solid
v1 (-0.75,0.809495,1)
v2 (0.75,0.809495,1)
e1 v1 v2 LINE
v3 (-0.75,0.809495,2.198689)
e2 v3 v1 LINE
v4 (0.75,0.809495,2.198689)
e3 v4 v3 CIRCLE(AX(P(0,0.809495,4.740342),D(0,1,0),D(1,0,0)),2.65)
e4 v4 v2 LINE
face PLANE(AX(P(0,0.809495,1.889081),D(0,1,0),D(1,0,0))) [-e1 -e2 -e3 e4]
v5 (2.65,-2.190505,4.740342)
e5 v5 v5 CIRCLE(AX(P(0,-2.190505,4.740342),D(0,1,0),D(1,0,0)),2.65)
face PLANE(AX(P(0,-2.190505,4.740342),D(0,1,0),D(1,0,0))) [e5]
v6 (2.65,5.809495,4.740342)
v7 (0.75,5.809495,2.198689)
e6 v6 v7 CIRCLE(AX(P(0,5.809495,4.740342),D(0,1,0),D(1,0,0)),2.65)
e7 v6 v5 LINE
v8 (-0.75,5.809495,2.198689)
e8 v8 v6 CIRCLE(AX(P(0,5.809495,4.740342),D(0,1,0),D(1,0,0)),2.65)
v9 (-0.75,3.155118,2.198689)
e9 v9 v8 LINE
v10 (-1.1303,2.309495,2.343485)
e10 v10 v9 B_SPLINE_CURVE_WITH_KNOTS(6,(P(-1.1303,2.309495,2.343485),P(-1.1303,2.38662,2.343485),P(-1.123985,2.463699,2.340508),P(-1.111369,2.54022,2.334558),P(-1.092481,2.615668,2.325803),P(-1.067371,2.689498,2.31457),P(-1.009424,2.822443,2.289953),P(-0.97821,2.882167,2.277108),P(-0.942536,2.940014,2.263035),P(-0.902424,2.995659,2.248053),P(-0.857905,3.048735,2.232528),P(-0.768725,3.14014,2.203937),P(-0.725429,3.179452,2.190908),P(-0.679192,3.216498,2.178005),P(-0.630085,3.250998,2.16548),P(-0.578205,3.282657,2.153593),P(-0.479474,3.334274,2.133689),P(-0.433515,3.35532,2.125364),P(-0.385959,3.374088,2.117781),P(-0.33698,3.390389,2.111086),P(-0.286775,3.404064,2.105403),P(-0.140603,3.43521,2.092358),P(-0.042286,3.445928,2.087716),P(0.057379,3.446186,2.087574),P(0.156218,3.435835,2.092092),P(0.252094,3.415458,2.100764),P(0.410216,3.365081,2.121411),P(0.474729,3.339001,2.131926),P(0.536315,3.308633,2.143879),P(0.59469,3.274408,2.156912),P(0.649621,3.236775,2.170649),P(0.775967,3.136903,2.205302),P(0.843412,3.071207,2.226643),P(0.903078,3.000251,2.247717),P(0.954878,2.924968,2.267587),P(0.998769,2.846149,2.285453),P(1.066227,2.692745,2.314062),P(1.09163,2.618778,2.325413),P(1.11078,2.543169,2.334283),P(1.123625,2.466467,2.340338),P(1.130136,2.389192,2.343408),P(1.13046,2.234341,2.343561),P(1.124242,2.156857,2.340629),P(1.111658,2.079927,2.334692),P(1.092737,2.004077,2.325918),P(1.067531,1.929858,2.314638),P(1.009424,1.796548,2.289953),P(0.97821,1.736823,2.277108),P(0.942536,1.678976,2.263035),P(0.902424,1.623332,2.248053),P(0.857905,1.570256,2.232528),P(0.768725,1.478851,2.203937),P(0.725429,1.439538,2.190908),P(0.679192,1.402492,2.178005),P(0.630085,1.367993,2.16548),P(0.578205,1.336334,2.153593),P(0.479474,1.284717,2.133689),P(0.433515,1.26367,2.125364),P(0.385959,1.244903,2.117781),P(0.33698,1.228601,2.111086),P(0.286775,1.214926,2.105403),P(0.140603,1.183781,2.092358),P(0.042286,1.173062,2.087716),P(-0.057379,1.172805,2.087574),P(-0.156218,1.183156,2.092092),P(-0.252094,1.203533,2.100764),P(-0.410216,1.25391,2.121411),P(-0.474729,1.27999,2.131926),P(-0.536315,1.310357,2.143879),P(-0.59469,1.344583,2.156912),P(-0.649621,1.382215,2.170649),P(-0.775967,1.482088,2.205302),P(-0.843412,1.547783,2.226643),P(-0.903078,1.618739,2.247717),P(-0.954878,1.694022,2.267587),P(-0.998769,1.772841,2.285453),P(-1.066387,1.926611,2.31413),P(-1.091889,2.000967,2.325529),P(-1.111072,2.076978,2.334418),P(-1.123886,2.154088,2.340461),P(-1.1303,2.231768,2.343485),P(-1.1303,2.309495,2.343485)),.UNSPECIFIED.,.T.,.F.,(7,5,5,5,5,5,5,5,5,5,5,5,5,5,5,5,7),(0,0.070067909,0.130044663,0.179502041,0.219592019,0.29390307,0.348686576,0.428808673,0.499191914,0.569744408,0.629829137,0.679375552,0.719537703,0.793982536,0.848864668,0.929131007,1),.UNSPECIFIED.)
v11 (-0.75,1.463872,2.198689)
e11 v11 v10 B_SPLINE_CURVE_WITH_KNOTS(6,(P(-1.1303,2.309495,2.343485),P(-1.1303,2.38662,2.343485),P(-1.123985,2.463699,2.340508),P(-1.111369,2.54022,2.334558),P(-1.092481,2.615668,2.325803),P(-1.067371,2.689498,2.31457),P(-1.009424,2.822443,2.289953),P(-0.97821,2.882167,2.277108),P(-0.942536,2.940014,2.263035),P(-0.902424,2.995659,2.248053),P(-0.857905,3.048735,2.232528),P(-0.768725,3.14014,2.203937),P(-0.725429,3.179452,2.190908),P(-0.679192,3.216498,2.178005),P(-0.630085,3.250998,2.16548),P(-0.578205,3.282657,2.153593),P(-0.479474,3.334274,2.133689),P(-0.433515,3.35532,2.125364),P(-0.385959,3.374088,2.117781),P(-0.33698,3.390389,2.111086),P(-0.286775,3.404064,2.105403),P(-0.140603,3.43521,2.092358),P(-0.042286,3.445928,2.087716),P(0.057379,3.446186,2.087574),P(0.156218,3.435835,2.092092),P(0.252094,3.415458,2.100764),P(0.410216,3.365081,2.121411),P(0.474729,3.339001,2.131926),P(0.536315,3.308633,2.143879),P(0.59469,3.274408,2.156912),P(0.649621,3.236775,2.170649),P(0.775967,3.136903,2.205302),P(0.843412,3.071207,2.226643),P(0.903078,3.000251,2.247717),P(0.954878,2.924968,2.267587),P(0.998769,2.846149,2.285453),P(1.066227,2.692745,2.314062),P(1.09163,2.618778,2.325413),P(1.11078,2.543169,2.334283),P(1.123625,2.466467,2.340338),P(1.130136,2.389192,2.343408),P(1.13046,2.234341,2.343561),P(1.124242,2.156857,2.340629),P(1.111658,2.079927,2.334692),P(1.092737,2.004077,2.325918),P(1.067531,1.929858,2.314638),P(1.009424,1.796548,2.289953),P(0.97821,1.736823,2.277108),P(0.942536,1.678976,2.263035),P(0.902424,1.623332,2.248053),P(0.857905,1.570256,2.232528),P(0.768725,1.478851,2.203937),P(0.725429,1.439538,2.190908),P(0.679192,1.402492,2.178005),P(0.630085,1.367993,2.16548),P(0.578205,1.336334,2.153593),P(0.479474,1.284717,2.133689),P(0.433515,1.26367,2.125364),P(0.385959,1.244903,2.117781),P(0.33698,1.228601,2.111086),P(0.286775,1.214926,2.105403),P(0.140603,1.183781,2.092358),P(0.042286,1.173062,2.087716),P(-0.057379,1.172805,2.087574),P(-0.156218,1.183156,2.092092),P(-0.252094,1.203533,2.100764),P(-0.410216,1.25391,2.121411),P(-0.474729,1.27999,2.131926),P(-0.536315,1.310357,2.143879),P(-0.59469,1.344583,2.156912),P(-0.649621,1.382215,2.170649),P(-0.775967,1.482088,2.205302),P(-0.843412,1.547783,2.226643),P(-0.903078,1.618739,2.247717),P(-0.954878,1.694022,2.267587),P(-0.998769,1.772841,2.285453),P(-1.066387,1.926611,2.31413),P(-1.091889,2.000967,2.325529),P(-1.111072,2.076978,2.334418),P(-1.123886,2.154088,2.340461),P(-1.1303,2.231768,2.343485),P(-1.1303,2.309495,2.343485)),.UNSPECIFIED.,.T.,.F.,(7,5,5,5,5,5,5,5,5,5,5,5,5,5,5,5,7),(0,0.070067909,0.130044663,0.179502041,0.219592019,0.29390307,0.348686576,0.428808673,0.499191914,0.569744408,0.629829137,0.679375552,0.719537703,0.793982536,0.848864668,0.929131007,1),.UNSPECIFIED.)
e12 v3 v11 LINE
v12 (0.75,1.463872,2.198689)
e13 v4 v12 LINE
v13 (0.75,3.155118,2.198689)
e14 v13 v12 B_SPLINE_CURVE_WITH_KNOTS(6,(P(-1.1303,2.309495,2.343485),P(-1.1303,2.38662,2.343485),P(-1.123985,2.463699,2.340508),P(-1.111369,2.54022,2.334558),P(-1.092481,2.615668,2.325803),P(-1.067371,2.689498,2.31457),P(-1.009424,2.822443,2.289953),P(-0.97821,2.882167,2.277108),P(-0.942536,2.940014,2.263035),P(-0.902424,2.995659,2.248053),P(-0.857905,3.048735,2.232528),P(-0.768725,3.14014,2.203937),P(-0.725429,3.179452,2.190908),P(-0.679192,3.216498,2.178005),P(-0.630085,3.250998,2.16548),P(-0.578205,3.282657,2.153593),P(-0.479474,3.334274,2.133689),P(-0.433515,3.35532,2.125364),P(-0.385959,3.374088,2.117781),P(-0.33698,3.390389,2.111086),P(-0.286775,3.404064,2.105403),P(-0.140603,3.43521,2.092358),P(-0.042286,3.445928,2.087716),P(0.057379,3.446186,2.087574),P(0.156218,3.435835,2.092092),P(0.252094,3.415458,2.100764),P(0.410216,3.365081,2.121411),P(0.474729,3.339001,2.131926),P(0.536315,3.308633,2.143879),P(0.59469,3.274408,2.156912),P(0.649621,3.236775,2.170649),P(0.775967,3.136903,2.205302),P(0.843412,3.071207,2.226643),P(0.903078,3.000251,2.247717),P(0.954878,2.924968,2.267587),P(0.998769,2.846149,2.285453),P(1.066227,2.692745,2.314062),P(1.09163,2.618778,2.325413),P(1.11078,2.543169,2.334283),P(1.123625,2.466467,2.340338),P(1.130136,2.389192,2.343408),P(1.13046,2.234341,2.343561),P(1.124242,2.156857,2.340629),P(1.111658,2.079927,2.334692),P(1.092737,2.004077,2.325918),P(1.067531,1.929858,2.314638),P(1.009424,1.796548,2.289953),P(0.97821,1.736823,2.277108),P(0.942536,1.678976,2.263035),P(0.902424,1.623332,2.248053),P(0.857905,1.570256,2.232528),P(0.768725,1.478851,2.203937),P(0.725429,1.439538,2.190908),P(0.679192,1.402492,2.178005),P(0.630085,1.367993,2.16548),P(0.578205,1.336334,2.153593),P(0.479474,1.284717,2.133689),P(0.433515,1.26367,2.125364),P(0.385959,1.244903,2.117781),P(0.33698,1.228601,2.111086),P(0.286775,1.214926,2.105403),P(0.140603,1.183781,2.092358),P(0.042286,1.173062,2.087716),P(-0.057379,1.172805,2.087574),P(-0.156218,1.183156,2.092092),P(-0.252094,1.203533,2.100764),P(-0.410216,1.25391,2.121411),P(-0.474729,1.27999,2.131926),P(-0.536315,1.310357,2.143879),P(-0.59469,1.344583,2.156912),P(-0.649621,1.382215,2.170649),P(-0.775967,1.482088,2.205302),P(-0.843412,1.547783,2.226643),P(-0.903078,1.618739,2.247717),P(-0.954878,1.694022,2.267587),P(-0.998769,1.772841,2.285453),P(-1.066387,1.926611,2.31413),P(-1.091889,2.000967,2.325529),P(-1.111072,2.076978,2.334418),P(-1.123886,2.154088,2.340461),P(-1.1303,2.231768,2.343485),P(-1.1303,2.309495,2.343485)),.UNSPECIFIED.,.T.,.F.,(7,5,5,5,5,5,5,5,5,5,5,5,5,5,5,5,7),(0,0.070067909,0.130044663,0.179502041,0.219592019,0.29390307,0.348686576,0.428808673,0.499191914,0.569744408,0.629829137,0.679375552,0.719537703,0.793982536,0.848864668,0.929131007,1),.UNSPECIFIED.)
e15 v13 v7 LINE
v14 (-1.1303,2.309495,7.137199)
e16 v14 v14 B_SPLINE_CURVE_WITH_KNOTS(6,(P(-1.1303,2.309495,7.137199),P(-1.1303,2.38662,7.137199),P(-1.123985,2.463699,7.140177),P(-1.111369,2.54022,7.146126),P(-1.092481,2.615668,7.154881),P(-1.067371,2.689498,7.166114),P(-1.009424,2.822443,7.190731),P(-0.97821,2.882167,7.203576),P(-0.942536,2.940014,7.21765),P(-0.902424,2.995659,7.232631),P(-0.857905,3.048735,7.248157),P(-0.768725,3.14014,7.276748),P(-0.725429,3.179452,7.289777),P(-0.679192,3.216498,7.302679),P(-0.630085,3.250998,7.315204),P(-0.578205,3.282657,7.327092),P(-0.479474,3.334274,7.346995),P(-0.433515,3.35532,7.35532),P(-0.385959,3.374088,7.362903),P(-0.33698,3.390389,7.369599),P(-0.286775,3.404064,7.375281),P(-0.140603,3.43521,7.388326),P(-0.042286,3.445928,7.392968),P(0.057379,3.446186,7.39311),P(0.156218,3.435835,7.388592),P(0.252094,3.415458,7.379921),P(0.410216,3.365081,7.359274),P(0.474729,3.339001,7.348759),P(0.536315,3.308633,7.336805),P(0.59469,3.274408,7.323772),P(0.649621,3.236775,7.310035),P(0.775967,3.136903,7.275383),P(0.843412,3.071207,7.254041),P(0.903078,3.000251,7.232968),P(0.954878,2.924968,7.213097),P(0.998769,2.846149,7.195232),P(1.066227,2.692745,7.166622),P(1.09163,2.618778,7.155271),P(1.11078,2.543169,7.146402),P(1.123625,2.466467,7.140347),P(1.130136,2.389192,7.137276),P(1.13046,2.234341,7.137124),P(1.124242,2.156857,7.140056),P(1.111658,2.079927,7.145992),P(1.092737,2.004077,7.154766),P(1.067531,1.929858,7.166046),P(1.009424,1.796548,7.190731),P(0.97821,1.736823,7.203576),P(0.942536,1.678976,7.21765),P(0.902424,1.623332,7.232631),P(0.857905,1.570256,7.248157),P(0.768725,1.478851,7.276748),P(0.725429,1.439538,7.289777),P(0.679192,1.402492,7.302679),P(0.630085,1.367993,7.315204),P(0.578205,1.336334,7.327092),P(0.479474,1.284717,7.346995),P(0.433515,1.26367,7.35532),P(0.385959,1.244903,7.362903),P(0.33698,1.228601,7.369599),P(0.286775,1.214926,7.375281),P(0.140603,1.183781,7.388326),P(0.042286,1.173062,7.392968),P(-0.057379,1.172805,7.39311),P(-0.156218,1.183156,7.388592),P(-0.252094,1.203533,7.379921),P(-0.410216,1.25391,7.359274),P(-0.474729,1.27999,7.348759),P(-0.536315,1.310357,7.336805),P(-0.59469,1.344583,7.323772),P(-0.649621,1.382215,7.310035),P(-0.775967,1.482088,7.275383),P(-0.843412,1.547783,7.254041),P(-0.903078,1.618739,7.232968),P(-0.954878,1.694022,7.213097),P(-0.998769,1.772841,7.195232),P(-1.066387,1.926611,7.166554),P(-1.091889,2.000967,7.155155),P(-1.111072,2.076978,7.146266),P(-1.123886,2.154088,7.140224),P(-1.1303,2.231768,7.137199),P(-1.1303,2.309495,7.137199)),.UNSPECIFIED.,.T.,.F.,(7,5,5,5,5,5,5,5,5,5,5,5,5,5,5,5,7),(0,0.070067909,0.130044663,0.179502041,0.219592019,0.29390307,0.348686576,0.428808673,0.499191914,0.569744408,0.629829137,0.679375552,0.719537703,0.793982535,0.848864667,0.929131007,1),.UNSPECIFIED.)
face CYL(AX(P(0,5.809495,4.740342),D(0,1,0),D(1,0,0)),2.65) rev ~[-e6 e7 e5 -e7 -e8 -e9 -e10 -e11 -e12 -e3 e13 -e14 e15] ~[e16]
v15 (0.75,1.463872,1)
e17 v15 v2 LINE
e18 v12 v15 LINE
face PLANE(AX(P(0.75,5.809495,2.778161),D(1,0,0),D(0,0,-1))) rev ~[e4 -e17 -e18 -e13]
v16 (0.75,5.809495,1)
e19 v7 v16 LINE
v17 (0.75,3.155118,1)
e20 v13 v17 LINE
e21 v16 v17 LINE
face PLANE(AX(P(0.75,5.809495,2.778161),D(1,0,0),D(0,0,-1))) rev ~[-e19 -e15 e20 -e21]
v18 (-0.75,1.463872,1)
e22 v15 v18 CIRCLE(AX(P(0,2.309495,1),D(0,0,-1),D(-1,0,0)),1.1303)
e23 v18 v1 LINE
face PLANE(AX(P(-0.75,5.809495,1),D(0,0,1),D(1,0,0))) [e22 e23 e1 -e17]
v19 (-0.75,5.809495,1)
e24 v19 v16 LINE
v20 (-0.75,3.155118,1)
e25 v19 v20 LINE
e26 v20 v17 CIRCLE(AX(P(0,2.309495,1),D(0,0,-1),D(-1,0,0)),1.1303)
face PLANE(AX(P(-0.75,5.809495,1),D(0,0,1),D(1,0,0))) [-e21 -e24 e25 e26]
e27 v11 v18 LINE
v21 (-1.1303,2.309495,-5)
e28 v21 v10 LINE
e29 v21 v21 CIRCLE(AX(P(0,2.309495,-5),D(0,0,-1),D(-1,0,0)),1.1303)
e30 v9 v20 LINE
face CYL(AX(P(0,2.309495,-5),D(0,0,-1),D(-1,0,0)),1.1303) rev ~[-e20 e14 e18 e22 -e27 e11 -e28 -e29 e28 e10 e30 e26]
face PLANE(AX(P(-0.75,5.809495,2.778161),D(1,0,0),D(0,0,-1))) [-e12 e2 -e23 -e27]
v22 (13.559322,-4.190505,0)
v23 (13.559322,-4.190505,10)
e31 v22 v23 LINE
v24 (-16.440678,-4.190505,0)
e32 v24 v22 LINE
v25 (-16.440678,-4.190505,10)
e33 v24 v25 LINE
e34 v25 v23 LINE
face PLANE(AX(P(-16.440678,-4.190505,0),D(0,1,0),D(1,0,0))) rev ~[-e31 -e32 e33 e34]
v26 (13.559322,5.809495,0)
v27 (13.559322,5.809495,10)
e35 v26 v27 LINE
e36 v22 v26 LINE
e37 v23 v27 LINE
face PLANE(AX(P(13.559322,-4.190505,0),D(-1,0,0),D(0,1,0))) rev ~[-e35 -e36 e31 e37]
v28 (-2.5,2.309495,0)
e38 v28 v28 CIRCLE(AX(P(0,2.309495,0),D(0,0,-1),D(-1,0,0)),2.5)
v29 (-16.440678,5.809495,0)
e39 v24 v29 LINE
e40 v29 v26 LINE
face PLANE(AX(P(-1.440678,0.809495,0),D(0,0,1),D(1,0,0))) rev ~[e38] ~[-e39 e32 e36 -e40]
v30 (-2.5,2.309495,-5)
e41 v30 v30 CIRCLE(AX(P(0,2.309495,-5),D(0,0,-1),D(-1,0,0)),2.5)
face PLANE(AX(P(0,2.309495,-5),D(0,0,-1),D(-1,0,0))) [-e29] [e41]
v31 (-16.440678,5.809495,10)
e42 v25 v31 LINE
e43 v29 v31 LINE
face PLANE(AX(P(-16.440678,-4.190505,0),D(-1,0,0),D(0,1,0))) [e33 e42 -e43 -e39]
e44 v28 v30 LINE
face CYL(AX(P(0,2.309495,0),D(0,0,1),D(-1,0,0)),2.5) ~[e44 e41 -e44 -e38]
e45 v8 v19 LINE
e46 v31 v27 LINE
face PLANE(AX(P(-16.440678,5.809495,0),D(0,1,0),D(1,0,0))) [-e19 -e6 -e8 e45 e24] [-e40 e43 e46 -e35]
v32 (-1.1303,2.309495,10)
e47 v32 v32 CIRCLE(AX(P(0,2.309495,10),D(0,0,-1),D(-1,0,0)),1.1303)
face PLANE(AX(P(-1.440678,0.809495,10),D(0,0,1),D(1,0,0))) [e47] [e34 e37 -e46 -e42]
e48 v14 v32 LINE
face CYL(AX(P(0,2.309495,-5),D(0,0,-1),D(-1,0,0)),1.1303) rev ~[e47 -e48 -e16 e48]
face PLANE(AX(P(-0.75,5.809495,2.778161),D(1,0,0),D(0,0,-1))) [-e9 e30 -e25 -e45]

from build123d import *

# Parameters (mm, degrees)
SKETCH1_W                = 30
SKETCH1_H                = 10
BOSS_EXTRUDE1_DEPTH      = 10
SKETCH2_R                = 2.5
SKETCH2_R_2              = 1.1303
F_4_40_SCREW_SPACE_DEPTH = 5
SKETCH5_R                = 1.1303
CUT_EXTRUDE3_DEPTH       = 16
SKETCH3_R                = 2.65
CUT_EXTRUDE1_DEPTH       = 8
SKETCH4_W                = 1.5
SKETCH4_H                = 1.778161356
CUT_EXTRUDE2_DEPTH       = 5


with BuildPart() as part:
    # Sketch1 → Boss-Extrude1 (new body)
    with BuildSketch(Plane.XY):
        with Locations((-1.440677966, 0.809495308)):
            Rectangle(SKETCH1_W, SKETCH1_H)
    extrude(amount=BOSS_EXTRUDE1_DEPTH)

    # Sketch2 → 4-40 screw space (add)
    with BuildSketch(Plane(origin=(0, 0, 0), x_dir=(-1, 0, 0), z_dir=(0, 0, -1))):
        with Locations((0, 2.309495308)):
            Circle(SKETCH2_R)
        with Locations((0, 2.309495308)):
            Circle(SKETCH2_R_2, mode=Mode.SUBTRACT)
    extrude(amount=F_4_40_SCREW_SPACE_DEPTH)

    # Sketch5 → Cut-Extrude3 (cut, through all)
    with BuildSketch(Plane(origin=(0, 0, -5), x_dir=(-1, 0, 0), z_dir=(0, 0, -1))):
        with Locations((0, 2.309495308)):
            Circle(SKETCH5_R)
    extrude(amount=-CUT_EXTRUDE3_DEPTH, mode=Mode.SUBTRACT)

    # Sketch3 → Cut-Extrude1 (cut)
    with BuildSketch(Plane(origin=(0, 5.809495308, 0), x_dir=(1, 0, 0), z_dir=(0, 1, 0))):
        with Locations((0, -4.740342164)):
            Circle(SKETCH3_R)
    extrude(amount=-CUT_EXTRUDE1_DEPTH, mode=Mode.SUBTRACT)

    # Sketch4 → Cut-Extrude2 (cut)
    with BuildSketch(Plane(origin=(0, 5.809495308, 0), x_dir=(1, 0, 0), z_dir=(0, 1, 0))):
        with Locations((0, -1.889080678)):
            Rectangle(SKETCH4_W, SKETCH4_H)
    extrude(amount=-CUT_EXTRUDE2_DEPTH, mode=Mode.SUBTRACT)


solid = part.part
